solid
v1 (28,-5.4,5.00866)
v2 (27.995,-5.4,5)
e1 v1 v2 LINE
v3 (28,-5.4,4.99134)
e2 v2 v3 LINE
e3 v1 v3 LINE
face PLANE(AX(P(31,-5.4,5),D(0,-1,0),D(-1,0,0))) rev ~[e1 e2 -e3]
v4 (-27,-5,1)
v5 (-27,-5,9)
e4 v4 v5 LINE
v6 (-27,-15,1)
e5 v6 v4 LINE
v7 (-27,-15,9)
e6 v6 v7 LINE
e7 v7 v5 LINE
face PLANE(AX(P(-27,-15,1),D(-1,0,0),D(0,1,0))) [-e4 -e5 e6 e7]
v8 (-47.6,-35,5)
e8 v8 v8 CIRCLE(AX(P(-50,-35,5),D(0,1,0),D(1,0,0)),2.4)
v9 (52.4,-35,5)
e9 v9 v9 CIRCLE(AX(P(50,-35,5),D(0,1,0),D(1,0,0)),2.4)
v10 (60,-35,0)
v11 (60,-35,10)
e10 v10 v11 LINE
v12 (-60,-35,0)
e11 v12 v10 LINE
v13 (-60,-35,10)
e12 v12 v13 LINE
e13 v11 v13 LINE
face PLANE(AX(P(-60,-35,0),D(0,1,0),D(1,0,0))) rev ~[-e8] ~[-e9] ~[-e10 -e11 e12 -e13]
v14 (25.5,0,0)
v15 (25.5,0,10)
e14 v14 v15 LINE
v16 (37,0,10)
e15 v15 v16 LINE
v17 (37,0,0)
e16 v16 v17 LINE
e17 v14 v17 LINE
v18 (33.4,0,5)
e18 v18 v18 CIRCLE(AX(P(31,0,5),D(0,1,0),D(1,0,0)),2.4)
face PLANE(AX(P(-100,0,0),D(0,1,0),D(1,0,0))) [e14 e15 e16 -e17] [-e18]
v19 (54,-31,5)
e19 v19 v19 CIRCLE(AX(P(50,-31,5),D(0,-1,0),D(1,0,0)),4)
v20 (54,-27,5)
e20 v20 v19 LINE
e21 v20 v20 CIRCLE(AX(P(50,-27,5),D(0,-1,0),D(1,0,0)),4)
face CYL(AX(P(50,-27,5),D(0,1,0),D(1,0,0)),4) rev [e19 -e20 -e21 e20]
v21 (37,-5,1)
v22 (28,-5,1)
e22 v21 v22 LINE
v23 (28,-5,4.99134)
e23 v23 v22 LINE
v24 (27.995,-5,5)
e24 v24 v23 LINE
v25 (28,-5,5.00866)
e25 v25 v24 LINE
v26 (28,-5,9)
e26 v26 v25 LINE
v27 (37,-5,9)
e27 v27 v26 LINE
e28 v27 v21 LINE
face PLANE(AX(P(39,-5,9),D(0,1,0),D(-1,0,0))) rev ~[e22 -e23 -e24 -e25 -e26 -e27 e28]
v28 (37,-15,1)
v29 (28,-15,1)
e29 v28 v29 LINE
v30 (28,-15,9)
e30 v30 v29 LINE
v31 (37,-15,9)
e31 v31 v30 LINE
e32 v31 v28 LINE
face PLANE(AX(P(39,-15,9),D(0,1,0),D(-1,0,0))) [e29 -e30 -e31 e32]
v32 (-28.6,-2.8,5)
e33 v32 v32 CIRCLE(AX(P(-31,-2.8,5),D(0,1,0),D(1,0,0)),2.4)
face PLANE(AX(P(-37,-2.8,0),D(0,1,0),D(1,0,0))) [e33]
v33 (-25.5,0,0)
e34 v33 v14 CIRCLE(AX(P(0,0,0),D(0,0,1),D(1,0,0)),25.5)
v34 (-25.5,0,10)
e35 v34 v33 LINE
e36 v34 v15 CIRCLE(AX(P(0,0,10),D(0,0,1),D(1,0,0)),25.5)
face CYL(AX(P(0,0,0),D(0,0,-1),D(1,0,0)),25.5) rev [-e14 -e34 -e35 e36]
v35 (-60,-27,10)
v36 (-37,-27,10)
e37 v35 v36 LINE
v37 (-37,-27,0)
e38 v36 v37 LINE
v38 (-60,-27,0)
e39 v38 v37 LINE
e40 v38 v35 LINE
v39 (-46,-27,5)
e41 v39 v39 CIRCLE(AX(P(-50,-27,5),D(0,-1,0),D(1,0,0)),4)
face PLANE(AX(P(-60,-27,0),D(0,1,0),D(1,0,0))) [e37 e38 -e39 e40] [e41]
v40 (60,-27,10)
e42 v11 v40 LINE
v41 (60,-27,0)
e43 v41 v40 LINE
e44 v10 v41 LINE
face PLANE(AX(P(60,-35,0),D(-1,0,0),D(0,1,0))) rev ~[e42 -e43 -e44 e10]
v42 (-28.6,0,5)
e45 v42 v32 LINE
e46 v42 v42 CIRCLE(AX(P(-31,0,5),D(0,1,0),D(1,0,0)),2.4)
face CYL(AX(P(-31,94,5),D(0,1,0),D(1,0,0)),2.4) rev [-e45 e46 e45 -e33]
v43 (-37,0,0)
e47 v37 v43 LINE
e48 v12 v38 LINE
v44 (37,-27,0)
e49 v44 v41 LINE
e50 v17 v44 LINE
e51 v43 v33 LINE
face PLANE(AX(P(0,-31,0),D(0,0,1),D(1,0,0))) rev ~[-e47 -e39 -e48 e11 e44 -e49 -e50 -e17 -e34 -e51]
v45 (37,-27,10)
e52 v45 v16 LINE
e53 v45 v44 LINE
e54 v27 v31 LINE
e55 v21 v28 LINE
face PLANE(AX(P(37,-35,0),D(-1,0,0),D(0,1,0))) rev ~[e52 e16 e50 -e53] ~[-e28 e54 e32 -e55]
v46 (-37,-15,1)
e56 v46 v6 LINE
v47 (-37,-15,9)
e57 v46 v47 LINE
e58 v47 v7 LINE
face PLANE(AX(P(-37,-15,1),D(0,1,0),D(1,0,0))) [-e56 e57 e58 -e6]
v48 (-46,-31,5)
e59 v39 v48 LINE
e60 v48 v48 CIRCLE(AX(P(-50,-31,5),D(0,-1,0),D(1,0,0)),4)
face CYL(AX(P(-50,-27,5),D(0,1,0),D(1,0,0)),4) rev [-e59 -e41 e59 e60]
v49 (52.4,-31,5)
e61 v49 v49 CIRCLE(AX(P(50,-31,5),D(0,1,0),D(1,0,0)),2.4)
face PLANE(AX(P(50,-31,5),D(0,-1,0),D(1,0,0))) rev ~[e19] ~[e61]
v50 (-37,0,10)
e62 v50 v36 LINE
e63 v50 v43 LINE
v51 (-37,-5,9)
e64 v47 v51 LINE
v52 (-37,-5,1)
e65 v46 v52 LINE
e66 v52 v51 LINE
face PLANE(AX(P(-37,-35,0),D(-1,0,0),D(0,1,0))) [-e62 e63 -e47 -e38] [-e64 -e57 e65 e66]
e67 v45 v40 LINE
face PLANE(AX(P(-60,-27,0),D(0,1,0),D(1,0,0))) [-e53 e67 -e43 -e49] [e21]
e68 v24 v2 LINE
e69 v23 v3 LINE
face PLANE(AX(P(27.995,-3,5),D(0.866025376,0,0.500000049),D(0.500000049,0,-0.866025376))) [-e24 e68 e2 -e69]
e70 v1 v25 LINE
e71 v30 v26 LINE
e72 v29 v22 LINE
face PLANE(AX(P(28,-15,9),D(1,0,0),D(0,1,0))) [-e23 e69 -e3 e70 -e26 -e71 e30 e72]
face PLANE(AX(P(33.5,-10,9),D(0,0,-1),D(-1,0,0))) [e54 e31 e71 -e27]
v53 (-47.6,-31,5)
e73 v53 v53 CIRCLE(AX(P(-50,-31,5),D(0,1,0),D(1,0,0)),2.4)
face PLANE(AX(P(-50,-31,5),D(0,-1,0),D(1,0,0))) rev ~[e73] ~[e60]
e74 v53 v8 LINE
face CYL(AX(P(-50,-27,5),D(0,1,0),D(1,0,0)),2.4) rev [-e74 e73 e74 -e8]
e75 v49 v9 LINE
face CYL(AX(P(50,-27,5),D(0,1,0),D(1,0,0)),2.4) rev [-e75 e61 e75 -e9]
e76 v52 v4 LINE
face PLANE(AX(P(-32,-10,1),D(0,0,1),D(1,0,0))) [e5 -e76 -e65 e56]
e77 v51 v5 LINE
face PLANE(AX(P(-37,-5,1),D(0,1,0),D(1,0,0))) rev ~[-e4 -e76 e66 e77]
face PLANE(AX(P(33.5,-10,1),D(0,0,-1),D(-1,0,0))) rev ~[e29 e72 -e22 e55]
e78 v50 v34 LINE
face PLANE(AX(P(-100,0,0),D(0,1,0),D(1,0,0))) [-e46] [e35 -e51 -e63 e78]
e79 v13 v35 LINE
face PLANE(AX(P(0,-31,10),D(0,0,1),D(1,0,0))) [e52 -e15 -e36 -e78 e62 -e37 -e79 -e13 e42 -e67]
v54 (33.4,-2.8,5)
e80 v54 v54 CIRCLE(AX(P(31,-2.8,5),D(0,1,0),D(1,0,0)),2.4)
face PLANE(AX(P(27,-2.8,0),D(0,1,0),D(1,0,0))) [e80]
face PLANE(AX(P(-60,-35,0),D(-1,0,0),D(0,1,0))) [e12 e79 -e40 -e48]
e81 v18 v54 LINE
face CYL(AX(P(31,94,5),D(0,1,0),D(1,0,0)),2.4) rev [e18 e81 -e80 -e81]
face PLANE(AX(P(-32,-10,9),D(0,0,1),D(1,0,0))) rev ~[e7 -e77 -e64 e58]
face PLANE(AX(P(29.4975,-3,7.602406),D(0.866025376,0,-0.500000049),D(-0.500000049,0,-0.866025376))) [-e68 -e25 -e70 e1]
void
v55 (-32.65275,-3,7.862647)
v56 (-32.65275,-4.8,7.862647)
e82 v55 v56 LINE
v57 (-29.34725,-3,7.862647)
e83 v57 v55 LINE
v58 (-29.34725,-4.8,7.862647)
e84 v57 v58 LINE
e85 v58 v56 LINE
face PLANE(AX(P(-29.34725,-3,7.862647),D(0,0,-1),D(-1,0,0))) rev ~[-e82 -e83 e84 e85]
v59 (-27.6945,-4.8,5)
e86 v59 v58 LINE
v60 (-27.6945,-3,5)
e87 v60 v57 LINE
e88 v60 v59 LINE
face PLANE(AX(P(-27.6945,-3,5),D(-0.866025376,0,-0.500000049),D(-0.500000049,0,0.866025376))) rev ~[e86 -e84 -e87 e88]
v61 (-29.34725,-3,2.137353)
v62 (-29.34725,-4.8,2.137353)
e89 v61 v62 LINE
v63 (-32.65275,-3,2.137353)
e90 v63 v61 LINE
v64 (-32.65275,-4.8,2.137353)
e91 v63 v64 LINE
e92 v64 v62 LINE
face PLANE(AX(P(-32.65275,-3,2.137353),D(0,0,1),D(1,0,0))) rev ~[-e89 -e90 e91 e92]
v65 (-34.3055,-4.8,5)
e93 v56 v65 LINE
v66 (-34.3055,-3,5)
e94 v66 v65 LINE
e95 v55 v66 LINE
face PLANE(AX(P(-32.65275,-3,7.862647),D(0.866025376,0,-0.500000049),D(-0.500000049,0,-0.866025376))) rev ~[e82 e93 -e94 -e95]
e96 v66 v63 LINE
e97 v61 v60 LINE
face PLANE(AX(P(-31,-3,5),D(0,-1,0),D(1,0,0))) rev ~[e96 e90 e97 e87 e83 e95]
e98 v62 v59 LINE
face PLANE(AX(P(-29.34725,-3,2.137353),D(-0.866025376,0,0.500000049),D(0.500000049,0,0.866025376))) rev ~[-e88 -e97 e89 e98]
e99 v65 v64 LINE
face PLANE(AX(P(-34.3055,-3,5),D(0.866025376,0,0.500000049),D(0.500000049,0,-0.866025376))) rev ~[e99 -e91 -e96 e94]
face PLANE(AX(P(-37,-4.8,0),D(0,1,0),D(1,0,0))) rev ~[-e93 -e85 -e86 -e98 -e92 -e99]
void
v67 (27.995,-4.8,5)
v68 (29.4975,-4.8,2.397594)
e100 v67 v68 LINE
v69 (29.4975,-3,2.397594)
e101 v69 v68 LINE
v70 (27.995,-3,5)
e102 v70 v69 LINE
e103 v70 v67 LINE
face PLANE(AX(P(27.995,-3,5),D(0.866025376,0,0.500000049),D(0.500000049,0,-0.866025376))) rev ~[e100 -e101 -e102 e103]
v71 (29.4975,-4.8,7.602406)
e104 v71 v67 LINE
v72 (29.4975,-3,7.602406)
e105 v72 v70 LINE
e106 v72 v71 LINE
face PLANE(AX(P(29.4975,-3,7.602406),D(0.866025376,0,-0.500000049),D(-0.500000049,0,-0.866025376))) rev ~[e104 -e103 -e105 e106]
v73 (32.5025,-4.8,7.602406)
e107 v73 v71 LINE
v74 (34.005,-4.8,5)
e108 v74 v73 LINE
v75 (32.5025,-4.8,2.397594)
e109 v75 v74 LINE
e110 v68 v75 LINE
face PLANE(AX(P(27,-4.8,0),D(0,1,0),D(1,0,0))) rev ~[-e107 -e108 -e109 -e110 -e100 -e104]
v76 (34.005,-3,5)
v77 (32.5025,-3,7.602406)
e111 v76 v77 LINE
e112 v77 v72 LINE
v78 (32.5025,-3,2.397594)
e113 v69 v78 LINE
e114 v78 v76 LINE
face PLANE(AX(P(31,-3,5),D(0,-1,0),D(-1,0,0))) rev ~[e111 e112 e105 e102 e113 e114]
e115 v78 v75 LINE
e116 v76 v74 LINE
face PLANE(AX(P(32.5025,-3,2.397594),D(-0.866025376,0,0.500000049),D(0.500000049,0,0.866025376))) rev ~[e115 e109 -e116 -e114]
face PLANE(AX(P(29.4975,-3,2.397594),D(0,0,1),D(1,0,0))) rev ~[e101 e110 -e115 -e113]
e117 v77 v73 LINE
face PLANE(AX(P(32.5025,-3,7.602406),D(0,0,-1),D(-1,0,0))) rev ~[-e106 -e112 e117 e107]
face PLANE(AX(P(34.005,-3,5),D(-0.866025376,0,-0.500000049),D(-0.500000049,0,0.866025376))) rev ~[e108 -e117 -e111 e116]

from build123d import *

# Parameters (mm, degrees)
BOX008_W                  = 200
BOX008_H                  = 200
BOX008_DEPTH              = 10
CYLINDER014_R             = 4
CYLINDER014_DEPTH         = 4
CYLINDER015_R             = 2.4
CYLINDER015_DEPTH         = 10
FUSION014_PLACEMENT_ANGLE = 90
CYLINDER016_R             = 4
CYLINDER016_DEPTH         = 4
CYLINDER017_R             = 2.4
CYLINDER017_DEPTH         = 10
FUSION015_PLACEMENT_ANGLE = 90
BOX007_W                  = 120
BOX007_H                  = 8
BOX007_DEPTH              = 10
CYLINDER012_R             = 4
CYLINDER012_DEPTH         = 10
CYLINDER013_R             = 4
CYLINDER013_DEPTH         = 10
CYLINDER010_R             = 2.4
CYLINDER010_DEPTH         = 100
CYLINDER011_R             = 2.4
CYLINDER011_DEPTH         = 100
EXTRUDE_DEPTH             = 2.4
LINK003_PLACEMENT_ANGLE   = 90
BOX006_W                  = 11
BOX006_H                  = 10
BOX006_DEPTH              = 8
FUSION010_PLACEMENT_ANGLE = 180
BOX005_W                  = 10
BOX005_H                  = 10
BOX005_DEPTH              = 8
LINK002_SCALE_SCALE       = 1.1
LINK002_PLACEMENT_ANGLE   = 90
CYLINDER009_R             = 25.5
CYLINDER009_DEPTH         = 10
BOX004_W                  = 74
BOX004_H                  = 70
BOX004_DEPTH              = 10
BOX010_W                  = 10
BOX010_H                  = 0.2
BOX010_DEPTH              = 10
BOX011_W                  = 10
BOX011_H                  = 0.2
BOX011_DEPTH              = 10
BOX012_W                  = 10
BOX012_H                  = 0.2
BOX012_DEPTH              = 10
BOX013_W                  = 10
BOX013_H                  = 0.2
BOX013_DEPTH              = 10


with BuildPart() as cube008:
    # Box008 → Box008 (new body)
    with BuildSketch(Plane(origin=(-100, 0, 0), x_dir=(1, 0, 0), z_dir=(0, 0, 1))):
        with Locations((100, 100)):
            Rectangle(BOX008_W, BOX008_H)
    extrude(amount=BOX008_DEPTH)


with BuildPart() as cylinder014:
    # Cylinder014 → Cylinder014 (new body)
    with BuildSketch(Plane.XY):
        Circle(CYLINDER014_R)
    extrude(amount=CYLINDER014_DEPTH)


with BuildPart() as fusion014:
    # Cylinder015 → Cylinder015 (new body)
    with BuildSketch(Plane.XY):
        Circle(CYLINDER015_R)
    extrude(amount=CYLINDER015_DEPTH)

    # Fusion014: union Cylinder014
    add(cylinder014.part)


with BuildPart() as fusion014_1:
    # Fusion014 placement: moved
    add(fusion014.part.moved(Location((-50, -27, 5))).rotate(Axis((-50, -27, 5), (1, 0, 0)), FUSION014_PLACEMENT_ANGLE))


with BuildPart() as cylinder016:
    # Cylinder016 → Cylinder016 (new body)
    with BuildSketch(Plane.XY):
        Circle(CYLINDER016_R)
    extrude(amount=CYLINDER016_DEPTH)


with BuildPart() as fusion016:
    # Cylinder017 → Cylinder017 (new body)
    with BuildSketch(Plane.XY):
        Circle(CYLINDER017_R)
    extrude(amount=CYLINDER017_DEPTH)

    # Fusion015: union Cylinder016
    add(cylinder016.part)


with BuildPart() as fusion016_1:
    # Fusion015 placement: moved
    add(fusion016.part.moved(Location((50, -27, 5))).rotate(Axis((50, -27, 5), (1, 0, 0)), FUSION015_PLACEMENT_ANGLE))

    # Fusion016: union Fusion014
    add(fusion014_1.part)


with BuildPart() as cut009:
    # Box007 → Box007 (new body)
    with BuildSketch(Plane(origin=(-60, -35, 0), x_dir=(1, 0, 0), z_dir=(0, 0, 1))):
        with Locations((60, 4)):
            Rectangle(BOX007_W, BOX007_H)
    extrude(amount=BOX007_DEPTH)

    # Cut009: cut Fusion016
    add(fusion016_1.part, mode=Mode.SUBTRACT)


with BuildPart() as cylinder012:
    # Cylinder012 → Cylinder012 (new body)
    with BuildSketch(Plane(origin=(31, 35, 5), x_dir=(1, 0, 0), z_dir=(0, -1, 0))):
        Circle(CYLINDER012_R)
    extrude(amount=CYLINDER012_DEPTH)


with BuildPart() as fusion013:
    # Cylinder013 → Cylinder013 (new body)
    with BuildSketch(Plane(origin=(-31, 35, 5), x_dir=(1, 0, 0), z_dir=(0, -1, 0))):
        Circle(CYLINDER013_R)
    extrude(amount=CYLINDER013_DEPTH)

    # Fusion013: union Cylinder012
    add(cylinder012.part)


with BuildPart() as cylinder010:
    # Cylinder010 → Cylinder010 (new body)
    with BuildSketch(Plane(origin=(-31, 94, 5), x_dir=(1, 0, 0), z_dir=(0, -1, 0))):
        Circle(CYLINDER010_R)
    extrude(amount=CYLINDER010_DEPTH)


with BuildPart() as fusion012:
    # Cylinder011 → Cylinder011 (new body)
    with BuildSketch(Plane(origin=(31, 94, 5), x_dir=(1, 0, 0), z_dir=(0, -1, 0))):
        Circle(CYLINDER011_R)
    extrude(amount=CYLINDER011_DEPTH)

    # Fusion012: union Cylinder010
    add(cylinder010.part)


with BuildPart() as din934_m006:
    # Sketch → Extrude (new body)
    with BuildSketch(Plane.XY):
        Polygon((-3.005, 0), (-1.5025, -2.602406), (1.5025, -2.602406), (3.005, 0), (1.5025, 2.602406), (-1.5025, 2.602406), align=None)
    extrude(amount=EXTRUDE_DEPTH)


with BuildPart() as din934_m008:
    # Link003 base: copy of DIN934_M006
    add(din934_m006.part)


with BuildPart() as din934_m008_1:
    # Link003 placement: moved
    add(din934_m008.part.moved(Location((-31, -3, 5))).rotate(Axis((-31, -3, 5), (1, 0, 0)), LINK003_PLACEMENT_ANGLE))


with BuildPart() as fusion010:
    # Box006 → Box006 (new body)
    with BuildSketch(Plane(origin=(-39, -15, 1), x_dir=(1, 0, 0), z_dir=(0, 0, 1))):
        with Locations((5.5, 5)):
            Rectangle(BOX006_W, BOX006_H)
    extrude(amount=BOX006_DEPTH)

    # Fusion010: union DIN934_M008
    add(din934_m008_1.part)


with BuildPart() as fusion010_1:
    # Fusion010 placement: moved
    add(fusion010.part.moved(Location((0, 0, 10))).rotate(Axis((0, 0, 10), (0, 1, 0)), FUSION010_PLACEMENT_ANGLE))


with BuildPart() as cube005:
    # Box005 → Box005 (new body)
    with BuildSketch(Plane(origin=(-37, -15, 1), x_dir=(1, 0, 0), z_dir=(0, 0, 1))):
        with Locations((5, 5)):
            Rectangle(BOX005_W, BOX005_H)
    extrude(amount=BOX005_DEPTH)


with BuildPart() as fusion011:
    # Link002 base: copy of DIN934_M006
    add(din934_m006.part)


with BuildPart() as fusion011_1:
    # Link002 scale: moved
    add(fusion011.part.scale(LINK002_SCALE_SCALE))


with BuildPart() as fusion011_2:
    # Link002 placement: moved
    add(fusion011_1.part.moved(Location((-31, -3, 5))).rotate(Axis((-31, -3, 5), (1, 0, 0)), LINK002_PLACEMENT_ANGLE))

    # Fusion009: union Cube005
    add(cube005.part)

    # Fusion011: union Fusion010
    add(fusion010_1.part)


with BuildPart() as cylinder009:
    # Cylinder009 → Cylinder009 (new body)
    with BuildSketch(Plane.XY):
        Circle(CYLINDER009_R)
    extrude(amount=CYLINDER009_DEPTH)


with BuildPart() as lowerpart:
    # Box004 → Box004 (new body)
    with BuildSketch(Plane(origin=(-37, -35, 0), x_dir=(1, 0, 0), z_dir=(0, 0, 1))):
        with Locations((37, 35)):
            Rectangle(BOX004_W, BOX004_H)
    extrude(amount=BOX004_DEPTH)

    # Cut005: cut Cylinder009
    add(cylinder009.part, mode=Mode.SUBTRACT)

    # Cut006: cut Fusion011
    add(fusion011_2.part, mode=Mode.SUBTRACT)

    # Cut007: cut Fusion012
    add(fusion012.part, mode=Mode.SUBTRACT)

    # Cut008: cut Fusion013
    add(fusion013.part, mode=Mode.SUBTRACT)

    # Fusion017: union Cut009
    add(cut009.part)

    # Cut011: cut Cube008
    add(cube008.part, mode=Mode.SUBTRACT)


with BuildPart() as cube010:
    # Box010 → Box010 (new body)
    with BuildSketch(Plane(origin=(-37, -5, 0), x_dir=(1, 0, 0), z_dir=(0, 0, 1))):
        with Locations((5, 0.1)):
            Rectangle(BOX010_W, BOX010_H)
    extrude(amount=BOX010_DEPTH)


with BuildPart() as cube011:
    # Box011 → Box011 (new body)
    with BuildSketch(Plane(origin=(-37, -3, 0), x_dir=(1, 0, 0), z_dir=(0, 0, 1))):
        with Locations((5, 0.1)):
            Rectangle(BOX011_W, BOX011_H)
    extrude(amount=BOX011_DEPTH)


with BuildPart() as cube012:
    # Box012 → Box012 (new body)
    with BuildSketch(Plane(origin=(27, -3, 0), x_dir=(1, 0, 0), z_dir=(0, 0, 1))):
        with Locations((5, 0.1)):
            Rectangle(BOX012_W, BOX012_H)
    extrude(amount=BOX012_DEPTH)


with BuildPart() as lowerpart_print:
    # Box013 → Box013 (new body)
    with BuildSketch(Plane(origin=(27, -5, 0), x_dir=(1, 0, 0), z_dir=(0, 0, 1))):
        with Locations((5, 0.1)):
            Rectangle(BOX013_W, BOX013_H)
    extrude(amount=BOX013_DEPTH)

    # Fusion018: union Cube010, Cube011, Cube012
    add(cube010.part)
    add(cube011.part)
    add(cube012.part)

    # Fusion019: union LowerPart
    add(lowerpart.part)


solid = lowerpart_print.part
